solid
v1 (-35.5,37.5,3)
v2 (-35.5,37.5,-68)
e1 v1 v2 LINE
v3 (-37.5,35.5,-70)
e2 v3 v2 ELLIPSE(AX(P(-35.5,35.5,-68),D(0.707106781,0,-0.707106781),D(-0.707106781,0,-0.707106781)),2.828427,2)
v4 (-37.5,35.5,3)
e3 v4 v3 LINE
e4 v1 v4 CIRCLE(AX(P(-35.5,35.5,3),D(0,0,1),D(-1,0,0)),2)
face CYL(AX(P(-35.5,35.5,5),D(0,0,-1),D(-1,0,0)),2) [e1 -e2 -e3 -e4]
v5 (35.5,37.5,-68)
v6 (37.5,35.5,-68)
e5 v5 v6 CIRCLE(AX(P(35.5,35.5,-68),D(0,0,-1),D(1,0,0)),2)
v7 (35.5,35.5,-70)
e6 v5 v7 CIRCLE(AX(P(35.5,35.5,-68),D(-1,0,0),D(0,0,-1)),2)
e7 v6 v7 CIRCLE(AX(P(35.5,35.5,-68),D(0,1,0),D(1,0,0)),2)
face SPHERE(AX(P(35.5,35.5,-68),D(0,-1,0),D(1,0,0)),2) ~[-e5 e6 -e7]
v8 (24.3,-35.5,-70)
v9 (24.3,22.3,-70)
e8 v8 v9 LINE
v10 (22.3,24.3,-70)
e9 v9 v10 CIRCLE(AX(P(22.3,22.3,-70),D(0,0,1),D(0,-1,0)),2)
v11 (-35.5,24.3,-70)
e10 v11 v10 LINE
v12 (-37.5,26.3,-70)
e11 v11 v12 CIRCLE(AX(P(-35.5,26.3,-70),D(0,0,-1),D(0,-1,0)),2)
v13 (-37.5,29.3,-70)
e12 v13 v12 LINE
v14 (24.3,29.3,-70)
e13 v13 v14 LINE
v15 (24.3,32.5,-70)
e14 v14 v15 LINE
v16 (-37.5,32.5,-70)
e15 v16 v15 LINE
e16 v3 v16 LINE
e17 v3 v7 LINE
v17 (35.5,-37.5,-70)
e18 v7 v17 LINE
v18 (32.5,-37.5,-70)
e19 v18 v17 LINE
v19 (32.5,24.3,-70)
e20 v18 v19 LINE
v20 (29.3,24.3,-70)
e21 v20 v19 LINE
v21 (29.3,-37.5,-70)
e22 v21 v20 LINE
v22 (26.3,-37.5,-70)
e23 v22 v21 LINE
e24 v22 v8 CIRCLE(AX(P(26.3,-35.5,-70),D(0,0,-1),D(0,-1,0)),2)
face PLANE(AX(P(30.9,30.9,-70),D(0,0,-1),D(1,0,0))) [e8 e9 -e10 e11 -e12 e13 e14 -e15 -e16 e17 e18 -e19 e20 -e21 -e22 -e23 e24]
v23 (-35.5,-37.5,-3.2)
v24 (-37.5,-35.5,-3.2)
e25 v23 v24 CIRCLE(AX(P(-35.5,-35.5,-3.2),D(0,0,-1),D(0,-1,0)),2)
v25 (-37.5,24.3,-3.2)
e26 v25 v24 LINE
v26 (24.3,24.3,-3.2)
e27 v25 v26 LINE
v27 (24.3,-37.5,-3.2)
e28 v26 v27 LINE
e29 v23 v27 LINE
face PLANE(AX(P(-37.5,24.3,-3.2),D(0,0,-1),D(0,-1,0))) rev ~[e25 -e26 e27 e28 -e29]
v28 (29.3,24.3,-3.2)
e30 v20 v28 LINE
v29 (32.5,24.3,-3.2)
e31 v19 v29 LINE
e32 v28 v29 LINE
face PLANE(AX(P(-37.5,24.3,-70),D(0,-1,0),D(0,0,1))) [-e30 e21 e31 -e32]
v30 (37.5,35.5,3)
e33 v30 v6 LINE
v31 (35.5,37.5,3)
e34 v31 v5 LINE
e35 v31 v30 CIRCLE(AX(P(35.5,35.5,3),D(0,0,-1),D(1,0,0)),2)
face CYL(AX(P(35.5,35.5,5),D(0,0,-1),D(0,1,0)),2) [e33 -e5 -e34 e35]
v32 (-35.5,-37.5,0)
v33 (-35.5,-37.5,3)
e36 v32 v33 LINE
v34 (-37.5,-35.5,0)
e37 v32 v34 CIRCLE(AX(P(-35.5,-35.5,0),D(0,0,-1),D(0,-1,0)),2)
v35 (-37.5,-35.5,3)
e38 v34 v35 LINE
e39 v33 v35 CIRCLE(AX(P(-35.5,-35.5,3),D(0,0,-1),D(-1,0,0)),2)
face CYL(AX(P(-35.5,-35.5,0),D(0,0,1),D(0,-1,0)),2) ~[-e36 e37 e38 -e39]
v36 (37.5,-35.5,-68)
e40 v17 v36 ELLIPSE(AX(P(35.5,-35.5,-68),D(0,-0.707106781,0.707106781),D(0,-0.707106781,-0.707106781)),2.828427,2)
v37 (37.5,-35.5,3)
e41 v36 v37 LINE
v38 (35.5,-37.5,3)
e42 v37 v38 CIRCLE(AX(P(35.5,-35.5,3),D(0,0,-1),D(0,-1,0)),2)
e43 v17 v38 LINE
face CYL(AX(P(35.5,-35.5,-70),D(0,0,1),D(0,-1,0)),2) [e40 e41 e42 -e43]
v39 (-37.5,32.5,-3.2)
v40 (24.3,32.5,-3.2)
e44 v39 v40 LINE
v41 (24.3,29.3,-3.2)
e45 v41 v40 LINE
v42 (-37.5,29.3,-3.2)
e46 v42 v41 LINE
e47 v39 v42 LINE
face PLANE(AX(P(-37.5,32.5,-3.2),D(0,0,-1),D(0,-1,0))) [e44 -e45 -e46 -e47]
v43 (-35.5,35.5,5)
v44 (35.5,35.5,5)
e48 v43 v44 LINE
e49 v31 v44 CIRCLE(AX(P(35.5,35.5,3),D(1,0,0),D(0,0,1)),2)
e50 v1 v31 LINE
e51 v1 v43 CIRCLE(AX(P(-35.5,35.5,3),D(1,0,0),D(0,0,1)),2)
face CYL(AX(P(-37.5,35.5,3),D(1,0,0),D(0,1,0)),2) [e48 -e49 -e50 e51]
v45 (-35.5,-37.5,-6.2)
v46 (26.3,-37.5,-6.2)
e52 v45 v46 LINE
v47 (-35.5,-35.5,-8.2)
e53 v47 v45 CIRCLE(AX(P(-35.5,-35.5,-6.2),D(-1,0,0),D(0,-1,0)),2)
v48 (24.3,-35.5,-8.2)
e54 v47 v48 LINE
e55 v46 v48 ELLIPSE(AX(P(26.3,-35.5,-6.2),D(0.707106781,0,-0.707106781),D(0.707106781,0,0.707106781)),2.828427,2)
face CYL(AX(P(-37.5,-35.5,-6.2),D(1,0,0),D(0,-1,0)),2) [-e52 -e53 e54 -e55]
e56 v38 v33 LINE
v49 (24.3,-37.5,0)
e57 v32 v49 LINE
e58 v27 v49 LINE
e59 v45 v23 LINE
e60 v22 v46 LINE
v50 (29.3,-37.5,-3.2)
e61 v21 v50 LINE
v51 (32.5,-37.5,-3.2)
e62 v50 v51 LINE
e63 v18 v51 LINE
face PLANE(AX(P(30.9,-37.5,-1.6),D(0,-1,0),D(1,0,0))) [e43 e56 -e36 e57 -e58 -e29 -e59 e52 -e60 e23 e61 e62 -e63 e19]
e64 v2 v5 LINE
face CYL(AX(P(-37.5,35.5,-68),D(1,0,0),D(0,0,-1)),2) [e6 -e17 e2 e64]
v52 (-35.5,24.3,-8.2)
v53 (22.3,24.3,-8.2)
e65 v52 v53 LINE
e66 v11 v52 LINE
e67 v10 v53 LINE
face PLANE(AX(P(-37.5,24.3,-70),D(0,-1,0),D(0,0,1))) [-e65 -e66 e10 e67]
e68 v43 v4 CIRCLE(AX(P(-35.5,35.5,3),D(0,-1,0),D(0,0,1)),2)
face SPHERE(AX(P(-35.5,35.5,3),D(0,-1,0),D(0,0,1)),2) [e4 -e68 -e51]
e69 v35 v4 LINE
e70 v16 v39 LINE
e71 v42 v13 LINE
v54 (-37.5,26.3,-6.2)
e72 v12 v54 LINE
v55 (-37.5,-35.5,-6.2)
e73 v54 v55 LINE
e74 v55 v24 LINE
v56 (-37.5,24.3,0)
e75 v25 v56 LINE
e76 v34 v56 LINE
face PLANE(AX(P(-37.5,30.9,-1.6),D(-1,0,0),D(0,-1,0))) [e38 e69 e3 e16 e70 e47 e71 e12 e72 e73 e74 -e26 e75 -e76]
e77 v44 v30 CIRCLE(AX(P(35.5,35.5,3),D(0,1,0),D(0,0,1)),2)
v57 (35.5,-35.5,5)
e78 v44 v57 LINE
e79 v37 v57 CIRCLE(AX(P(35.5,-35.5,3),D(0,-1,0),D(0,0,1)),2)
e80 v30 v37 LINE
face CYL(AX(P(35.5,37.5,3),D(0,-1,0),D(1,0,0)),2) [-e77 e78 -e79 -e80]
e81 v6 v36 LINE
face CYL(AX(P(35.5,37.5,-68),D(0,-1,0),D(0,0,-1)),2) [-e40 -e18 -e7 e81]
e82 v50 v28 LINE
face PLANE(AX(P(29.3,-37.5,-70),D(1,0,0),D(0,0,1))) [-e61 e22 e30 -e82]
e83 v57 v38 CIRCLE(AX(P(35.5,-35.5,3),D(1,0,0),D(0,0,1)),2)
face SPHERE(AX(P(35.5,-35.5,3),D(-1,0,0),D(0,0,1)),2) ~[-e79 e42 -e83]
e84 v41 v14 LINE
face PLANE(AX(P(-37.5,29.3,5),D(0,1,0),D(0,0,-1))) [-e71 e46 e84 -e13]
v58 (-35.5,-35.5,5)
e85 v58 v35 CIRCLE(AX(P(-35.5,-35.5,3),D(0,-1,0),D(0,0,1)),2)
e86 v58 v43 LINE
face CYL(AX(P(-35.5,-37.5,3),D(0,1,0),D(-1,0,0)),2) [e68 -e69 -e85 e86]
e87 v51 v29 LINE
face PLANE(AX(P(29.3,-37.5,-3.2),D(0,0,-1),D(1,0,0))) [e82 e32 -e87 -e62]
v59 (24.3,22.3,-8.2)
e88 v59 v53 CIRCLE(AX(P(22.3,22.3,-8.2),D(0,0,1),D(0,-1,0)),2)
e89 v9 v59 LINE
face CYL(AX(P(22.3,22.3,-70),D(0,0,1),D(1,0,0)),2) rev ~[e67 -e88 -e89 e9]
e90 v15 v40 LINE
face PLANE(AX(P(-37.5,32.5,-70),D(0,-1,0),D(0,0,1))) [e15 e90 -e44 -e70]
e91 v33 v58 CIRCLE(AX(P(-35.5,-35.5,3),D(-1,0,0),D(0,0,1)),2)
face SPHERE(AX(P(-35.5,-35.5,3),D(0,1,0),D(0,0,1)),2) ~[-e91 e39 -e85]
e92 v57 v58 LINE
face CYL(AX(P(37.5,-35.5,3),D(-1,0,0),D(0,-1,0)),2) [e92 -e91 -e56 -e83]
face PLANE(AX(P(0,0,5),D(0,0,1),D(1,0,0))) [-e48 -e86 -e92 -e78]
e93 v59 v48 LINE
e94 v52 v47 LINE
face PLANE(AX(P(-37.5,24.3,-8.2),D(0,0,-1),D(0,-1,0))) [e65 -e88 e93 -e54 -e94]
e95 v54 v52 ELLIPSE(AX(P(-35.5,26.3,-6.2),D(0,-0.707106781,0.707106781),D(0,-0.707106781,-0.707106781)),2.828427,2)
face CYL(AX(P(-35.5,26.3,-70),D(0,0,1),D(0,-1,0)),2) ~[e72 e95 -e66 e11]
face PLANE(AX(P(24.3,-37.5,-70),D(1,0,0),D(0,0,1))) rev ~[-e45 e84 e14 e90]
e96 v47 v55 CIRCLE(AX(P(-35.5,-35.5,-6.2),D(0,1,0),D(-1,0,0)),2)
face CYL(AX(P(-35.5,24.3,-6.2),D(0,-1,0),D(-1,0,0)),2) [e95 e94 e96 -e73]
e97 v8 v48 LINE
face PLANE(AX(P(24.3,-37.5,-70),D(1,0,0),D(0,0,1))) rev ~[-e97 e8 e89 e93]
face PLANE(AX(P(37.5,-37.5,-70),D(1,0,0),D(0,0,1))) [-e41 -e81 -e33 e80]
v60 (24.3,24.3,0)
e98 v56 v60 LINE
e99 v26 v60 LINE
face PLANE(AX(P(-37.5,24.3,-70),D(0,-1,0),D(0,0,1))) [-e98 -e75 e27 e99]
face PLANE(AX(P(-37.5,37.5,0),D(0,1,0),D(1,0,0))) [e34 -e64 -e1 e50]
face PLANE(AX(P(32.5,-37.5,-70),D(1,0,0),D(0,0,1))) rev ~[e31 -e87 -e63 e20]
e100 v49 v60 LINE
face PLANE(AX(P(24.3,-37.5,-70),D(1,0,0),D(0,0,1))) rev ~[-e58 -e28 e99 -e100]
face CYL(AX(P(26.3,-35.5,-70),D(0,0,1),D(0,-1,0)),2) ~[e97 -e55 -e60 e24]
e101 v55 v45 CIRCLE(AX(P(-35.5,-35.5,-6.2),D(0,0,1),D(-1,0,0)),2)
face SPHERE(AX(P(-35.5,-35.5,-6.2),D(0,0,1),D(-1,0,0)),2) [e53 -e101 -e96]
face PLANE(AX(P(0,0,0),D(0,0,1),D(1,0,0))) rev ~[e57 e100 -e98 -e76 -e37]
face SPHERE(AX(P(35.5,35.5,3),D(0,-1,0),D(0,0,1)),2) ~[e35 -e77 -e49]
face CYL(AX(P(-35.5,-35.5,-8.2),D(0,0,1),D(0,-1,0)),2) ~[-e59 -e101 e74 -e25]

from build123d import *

# Parameters (mm, degrees)
F0_W      = 75
F0_H      = 75
F1_DEPTH  = 5
F2_W      = 5
F2_H      = 5
F2_H_2    = 70
F3_DEPTH  = 75
F4_W      = 5
F4_H      = 75
F5_DEPTH  = 70
F6_DEPTH  = 5
F7_W      = 3.2
F7_H      = 3.2
F8_DEPTH  = 75
F9_W      = 61.8
F9_H      = 5
F10_DEPTH = 61.8
F11_R     = 2
F12_W     = 3.2
F12_H     = 3.2
F13_DEPTH = 75
F14_W     = 3.2
F14_H     = 3.2
F15_DEPTH = 75


with BuildPart() as f1:
    # F0 (on Top) → F1 (new body)
    with BuildSketch(Plane.XY):
        Rectangle(F0_W, F0_H)
    extrude(amount=F1_DEPTH)

    # F2 (on face) → F3 (join, through all)
    with BuildSketch(Plane(origin=(-37.5, 0, 0), x_dir=(0, -1, 0), z_dir=(-1, 0, 0))):
        with Locations((-35, 2.5)):
            Rectangle(F2_W, F2_H)
        with Locations((-26.8, 2.5)):
            Rectangle(F2_W, F2_H)
        with Locations((-26.8, -35)):
            Rectangle(F2_W, F2_H_2)
        with Locations((-35, -35)):
            Rectangle(F2_W, F2_H_2)
    extrude(amount=-F3_DEPTH)

    # F4 (on face) → F5 (join, through all)
    with BuildSketch(Plane.XZ.offset(37.5)):
        with Locations((35, -32.5)):
            Rectangle(F4_W, F4_H)
        with Locations((26.8, -32.5)):
            Rectangle(F4_W, F4_H)
    extrude(amount=-F5_DEPTH)

    # F6 (add, through all): a face of the model
    f6_faces = [f1.faces().sort_by_distance(p)[0] for p in [
        (30.9, 30.9, 0),
    ]]
    extrude(f6_faces, amount=-F6_DEPTH)

    # F7 (on face) → F8 (join, through all)
    with BuildSketch(Plane(origin=(0, 0, -70), x_dir=(1, 0, 0), z_dir=(0, 0, -1))):
        with Locations((30.9, -30.9)):
            Rectangle(F7_W, F7_H)
    extrude(amount=-F8_DEPTH)

    # F9 (on face) → F10 (join, through all)
    with BuildSketch(Plane(origin=(-37.5, 0, 0), x_dir=(0, -1, 0), z_dir=(-1, 0, 0))):
        with Locations((6.6, -5.7)):
            Rectangle(F9_W, F9_H)
    extrude(amount=-F10_DEPTH)

    # F11
    f11_edges = [f1.edges().sort_by_distance(p)[0] for p in [
        (-37.5, 0, 5),
        (0, -37.5, 5),
        (37.5, 0, 5),
        (0, 37.5, 5),
        (37.5, 0, -70),
        (37.5, -37.5, -32.5),
        (37.5, 37.5, -32.5),
        (-37.5, 37.5, -32.5),
        (0, 37.5, -70),
        (-37.5, -37.5, -5.7),
        (-37.5, -6.6, -8.2),
        (-37.5, 24.3, -39.1),
        (24.3, -37.5, -39.1),
        (-6.6, -37.5, -8.2),
        (-37.5, -37.5, 2.5),
        (24.3, 24.3, -39.1),
    ]]
    fillet(f11_edges, radius=F11_R)

    # F12 (on face) → F13 (join, through all)
    with BuildSketch(Plane(origin=(-37.5, 0, 0), x_dir=(0, -1, 0), z_dir=(-1, 0, 0))):
        with Locations((-30.9, -1.6)):
            Rectangle(F12_W, F12_H)
    extrude(amount=-F13_DEPTH)

    # F14 (on face) → F15 (join, through all)
    with BuildSketch(Plane.XZ.offset(37.5)):
        with Locations((30.9, -1.6)):
            Rectangle(F14_W, F14_H)
    extrude(amount=-F15_DEPTH)


solid = f1.part
